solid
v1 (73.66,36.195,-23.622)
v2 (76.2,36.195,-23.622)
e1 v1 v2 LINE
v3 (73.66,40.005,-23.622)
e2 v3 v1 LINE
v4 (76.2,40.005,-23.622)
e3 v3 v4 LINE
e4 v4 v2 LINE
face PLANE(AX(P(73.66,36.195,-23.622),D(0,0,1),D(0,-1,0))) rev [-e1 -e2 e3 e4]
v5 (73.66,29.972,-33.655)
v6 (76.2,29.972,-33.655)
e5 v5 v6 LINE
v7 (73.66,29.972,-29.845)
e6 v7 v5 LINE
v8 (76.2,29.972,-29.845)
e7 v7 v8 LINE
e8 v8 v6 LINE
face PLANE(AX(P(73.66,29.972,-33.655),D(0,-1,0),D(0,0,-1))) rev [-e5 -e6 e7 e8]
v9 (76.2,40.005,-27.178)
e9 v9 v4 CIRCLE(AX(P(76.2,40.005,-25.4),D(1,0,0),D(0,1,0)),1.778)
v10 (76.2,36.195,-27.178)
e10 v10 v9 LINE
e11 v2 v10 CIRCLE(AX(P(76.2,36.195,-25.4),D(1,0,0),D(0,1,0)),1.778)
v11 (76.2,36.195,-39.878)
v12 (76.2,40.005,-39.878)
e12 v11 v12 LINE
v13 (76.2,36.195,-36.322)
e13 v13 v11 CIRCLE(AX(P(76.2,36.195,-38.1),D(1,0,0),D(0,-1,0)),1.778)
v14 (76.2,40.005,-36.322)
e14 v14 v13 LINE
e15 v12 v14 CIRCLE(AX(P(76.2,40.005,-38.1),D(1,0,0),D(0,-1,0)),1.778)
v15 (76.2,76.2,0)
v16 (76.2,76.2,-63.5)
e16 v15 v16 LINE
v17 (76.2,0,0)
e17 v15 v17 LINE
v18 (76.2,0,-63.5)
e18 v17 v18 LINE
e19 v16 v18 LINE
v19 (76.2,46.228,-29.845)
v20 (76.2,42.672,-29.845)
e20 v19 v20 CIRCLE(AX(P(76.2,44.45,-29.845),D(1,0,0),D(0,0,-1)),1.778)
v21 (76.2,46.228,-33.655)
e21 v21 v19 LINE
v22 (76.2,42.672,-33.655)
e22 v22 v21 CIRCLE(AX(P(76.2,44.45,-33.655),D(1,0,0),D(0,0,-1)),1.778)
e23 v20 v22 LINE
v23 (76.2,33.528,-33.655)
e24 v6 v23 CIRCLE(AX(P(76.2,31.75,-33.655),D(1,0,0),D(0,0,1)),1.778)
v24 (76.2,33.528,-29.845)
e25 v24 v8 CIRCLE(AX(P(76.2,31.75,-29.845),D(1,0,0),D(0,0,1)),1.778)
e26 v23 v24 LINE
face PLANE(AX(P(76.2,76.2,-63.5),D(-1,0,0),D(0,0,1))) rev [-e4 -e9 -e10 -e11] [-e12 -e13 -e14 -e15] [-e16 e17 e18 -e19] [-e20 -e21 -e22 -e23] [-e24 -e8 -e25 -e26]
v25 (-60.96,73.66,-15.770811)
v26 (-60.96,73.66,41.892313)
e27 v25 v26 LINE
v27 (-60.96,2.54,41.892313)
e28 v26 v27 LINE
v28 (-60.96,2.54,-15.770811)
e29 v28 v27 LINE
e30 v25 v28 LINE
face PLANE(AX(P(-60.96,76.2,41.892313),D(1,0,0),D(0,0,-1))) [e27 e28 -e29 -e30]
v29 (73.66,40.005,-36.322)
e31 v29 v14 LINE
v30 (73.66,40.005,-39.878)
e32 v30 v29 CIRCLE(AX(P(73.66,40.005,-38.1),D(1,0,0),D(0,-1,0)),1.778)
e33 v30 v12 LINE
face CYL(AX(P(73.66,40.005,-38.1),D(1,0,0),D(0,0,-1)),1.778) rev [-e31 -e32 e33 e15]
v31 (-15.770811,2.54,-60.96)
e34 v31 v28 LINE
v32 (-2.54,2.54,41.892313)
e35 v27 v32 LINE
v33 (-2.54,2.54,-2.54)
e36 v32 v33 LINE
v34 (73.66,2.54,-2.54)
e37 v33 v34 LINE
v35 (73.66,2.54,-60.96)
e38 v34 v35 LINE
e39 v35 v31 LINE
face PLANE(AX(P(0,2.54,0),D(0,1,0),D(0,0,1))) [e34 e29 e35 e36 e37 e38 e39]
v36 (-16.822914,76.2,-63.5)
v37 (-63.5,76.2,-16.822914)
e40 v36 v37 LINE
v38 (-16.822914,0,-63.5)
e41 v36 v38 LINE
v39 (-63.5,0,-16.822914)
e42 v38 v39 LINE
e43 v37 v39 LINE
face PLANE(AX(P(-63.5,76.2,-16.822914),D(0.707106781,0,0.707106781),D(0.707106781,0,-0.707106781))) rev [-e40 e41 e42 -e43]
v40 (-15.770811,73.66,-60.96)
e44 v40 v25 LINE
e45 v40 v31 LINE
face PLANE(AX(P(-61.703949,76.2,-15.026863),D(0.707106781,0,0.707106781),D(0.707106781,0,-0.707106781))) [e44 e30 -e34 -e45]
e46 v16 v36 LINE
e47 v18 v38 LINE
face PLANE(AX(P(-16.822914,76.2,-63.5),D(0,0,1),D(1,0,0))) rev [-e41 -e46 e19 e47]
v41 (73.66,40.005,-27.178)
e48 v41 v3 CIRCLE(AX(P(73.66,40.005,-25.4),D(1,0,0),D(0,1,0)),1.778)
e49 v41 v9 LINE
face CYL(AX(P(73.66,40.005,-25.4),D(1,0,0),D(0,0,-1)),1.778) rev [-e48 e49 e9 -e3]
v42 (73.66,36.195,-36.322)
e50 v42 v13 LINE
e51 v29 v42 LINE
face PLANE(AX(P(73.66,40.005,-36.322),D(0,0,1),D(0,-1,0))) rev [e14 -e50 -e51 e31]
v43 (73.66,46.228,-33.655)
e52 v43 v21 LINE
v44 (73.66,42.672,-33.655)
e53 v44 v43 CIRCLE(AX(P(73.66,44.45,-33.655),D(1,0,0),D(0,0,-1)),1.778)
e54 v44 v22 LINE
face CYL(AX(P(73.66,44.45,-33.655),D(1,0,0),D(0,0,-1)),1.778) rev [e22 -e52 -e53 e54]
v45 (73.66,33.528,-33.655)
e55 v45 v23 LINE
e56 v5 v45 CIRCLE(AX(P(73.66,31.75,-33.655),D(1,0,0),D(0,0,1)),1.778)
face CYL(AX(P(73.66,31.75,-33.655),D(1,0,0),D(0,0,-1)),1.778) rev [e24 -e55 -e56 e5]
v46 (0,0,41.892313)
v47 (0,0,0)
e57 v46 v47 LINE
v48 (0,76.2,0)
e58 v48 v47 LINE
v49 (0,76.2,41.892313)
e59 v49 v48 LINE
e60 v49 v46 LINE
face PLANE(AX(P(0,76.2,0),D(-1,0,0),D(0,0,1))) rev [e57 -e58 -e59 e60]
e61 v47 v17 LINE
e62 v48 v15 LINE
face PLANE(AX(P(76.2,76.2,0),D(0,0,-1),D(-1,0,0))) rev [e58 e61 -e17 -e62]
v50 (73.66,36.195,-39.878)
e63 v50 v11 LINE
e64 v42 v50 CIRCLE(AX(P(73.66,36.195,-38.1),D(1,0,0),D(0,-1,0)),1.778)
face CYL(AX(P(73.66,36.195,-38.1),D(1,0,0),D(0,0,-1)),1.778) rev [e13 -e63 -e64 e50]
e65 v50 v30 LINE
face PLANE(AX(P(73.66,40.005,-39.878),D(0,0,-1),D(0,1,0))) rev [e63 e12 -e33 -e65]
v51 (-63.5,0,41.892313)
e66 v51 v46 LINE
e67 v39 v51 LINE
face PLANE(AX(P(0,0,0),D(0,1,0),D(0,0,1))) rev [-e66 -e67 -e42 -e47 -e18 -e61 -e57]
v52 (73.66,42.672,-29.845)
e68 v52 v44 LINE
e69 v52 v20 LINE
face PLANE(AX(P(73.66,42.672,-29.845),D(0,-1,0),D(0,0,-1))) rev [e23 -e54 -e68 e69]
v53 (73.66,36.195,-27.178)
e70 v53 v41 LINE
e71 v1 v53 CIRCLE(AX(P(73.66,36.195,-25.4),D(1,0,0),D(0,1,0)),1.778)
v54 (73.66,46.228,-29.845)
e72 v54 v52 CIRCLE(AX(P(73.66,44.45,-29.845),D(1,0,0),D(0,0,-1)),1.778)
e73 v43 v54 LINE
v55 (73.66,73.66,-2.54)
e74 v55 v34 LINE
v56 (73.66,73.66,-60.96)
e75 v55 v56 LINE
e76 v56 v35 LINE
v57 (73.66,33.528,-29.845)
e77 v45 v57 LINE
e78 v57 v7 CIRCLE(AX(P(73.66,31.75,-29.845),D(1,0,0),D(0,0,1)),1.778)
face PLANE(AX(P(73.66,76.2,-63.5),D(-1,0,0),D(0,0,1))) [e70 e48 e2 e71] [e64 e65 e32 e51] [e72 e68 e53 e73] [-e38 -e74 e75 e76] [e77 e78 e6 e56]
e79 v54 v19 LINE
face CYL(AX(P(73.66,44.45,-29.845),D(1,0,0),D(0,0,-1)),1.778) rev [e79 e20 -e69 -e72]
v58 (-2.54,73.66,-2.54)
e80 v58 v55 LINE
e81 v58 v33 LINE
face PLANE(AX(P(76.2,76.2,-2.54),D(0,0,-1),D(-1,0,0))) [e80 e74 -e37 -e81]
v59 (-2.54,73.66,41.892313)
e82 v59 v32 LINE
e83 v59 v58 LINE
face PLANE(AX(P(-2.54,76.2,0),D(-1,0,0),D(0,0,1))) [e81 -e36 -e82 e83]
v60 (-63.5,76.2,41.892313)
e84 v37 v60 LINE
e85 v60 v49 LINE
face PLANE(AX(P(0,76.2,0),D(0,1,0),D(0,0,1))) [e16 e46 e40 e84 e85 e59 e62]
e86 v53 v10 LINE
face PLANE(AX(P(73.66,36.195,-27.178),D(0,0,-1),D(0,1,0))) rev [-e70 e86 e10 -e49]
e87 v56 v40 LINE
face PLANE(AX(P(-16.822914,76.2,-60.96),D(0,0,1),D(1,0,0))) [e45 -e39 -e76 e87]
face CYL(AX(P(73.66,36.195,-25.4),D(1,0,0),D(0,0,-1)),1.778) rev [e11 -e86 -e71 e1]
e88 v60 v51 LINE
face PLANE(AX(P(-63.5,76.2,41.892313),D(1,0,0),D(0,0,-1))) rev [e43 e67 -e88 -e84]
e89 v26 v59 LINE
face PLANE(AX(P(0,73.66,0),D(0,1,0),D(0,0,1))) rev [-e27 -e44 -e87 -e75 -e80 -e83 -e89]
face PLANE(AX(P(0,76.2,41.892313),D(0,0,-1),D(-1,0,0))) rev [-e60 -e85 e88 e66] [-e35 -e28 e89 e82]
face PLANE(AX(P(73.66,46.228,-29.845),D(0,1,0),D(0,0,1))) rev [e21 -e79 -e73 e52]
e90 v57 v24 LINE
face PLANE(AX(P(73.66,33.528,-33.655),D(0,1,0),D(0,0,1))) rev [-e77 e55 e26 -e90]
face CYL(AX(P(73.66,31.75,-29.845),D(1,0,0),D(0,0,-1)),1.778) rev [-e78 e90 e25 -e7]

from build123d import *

# Parameters (mm, degrees)
BOSS_EXTRUDE1_DEPTH = 76.2
SHELL1_T            = -2.54
CUT_EXTRUDE1_DEPTH  = 2.54
CIRPATTERN1_COUNT   = 4


with BuildPart() as part:
    # Sketch1 → Boss-Extrude1 (new body)
    with BuildSketch(Plane(origin=(0, 0, 0), x_dir=(1, 0, 0), z_dir=(0, 1, 0))):
        Polygon((0, 0), (0, -41.892312512), (-63.5, -41.892312512), (-63.5, 16.822913885), (-16.822913885, 63.5), (76.2, 63.5), (76.2, 0), align=None)
    extrude(amount=BOSS_EXTRUDE1_DEPTH)

    # Shell1
    shell1_openings = [part.faces().sort_by_distance(p)[0] for p in [
        (-31.75, 38.1, 41.892312512),
    ]]
    offset(amount=SHELL1_T, openings=shell1_openings, kind=Kind.INTERSECTION)

    # Sketch4 → Cut-Extrude1 (cut)
    with BuildSketch(Plane(origin=(76.2, 0, 0), x_dir=(0, 0, -1), z_dir=(1, 0, 0))):
        with BuildLine():
            Line((29.845, 46.228), (33.655, 46.228))
            ThreePointArc((33.655, 46.228), (35.433, 44.45), (33.655, 42.672))
            Line((33.655, 42.672), (29.845, 42.672))
            ThreePointArc((29.845, 42.672), (28.067, 44.45), (29.845, 46.228))
        make_face()
    cut_extrude1 = extrude(amount=-CUT_EXTRUDE1_DEPTH, mode=Mode.SUBTRACT)

    # CirPattern1: Cut-Extrude1 ×4 about axis
    cirpattern1_axis = Axis((76.2, 38.1, -31.75), (1, 0, 0))
    for i in range(1, CIRPATTERN1_COUNT):
        add(cut_extrude1.rotate(cirpattern1_axis, i * 360 / CIRPATTERN1_COUNT), mode=Mode.SUBTRACT)


solid = part.part
